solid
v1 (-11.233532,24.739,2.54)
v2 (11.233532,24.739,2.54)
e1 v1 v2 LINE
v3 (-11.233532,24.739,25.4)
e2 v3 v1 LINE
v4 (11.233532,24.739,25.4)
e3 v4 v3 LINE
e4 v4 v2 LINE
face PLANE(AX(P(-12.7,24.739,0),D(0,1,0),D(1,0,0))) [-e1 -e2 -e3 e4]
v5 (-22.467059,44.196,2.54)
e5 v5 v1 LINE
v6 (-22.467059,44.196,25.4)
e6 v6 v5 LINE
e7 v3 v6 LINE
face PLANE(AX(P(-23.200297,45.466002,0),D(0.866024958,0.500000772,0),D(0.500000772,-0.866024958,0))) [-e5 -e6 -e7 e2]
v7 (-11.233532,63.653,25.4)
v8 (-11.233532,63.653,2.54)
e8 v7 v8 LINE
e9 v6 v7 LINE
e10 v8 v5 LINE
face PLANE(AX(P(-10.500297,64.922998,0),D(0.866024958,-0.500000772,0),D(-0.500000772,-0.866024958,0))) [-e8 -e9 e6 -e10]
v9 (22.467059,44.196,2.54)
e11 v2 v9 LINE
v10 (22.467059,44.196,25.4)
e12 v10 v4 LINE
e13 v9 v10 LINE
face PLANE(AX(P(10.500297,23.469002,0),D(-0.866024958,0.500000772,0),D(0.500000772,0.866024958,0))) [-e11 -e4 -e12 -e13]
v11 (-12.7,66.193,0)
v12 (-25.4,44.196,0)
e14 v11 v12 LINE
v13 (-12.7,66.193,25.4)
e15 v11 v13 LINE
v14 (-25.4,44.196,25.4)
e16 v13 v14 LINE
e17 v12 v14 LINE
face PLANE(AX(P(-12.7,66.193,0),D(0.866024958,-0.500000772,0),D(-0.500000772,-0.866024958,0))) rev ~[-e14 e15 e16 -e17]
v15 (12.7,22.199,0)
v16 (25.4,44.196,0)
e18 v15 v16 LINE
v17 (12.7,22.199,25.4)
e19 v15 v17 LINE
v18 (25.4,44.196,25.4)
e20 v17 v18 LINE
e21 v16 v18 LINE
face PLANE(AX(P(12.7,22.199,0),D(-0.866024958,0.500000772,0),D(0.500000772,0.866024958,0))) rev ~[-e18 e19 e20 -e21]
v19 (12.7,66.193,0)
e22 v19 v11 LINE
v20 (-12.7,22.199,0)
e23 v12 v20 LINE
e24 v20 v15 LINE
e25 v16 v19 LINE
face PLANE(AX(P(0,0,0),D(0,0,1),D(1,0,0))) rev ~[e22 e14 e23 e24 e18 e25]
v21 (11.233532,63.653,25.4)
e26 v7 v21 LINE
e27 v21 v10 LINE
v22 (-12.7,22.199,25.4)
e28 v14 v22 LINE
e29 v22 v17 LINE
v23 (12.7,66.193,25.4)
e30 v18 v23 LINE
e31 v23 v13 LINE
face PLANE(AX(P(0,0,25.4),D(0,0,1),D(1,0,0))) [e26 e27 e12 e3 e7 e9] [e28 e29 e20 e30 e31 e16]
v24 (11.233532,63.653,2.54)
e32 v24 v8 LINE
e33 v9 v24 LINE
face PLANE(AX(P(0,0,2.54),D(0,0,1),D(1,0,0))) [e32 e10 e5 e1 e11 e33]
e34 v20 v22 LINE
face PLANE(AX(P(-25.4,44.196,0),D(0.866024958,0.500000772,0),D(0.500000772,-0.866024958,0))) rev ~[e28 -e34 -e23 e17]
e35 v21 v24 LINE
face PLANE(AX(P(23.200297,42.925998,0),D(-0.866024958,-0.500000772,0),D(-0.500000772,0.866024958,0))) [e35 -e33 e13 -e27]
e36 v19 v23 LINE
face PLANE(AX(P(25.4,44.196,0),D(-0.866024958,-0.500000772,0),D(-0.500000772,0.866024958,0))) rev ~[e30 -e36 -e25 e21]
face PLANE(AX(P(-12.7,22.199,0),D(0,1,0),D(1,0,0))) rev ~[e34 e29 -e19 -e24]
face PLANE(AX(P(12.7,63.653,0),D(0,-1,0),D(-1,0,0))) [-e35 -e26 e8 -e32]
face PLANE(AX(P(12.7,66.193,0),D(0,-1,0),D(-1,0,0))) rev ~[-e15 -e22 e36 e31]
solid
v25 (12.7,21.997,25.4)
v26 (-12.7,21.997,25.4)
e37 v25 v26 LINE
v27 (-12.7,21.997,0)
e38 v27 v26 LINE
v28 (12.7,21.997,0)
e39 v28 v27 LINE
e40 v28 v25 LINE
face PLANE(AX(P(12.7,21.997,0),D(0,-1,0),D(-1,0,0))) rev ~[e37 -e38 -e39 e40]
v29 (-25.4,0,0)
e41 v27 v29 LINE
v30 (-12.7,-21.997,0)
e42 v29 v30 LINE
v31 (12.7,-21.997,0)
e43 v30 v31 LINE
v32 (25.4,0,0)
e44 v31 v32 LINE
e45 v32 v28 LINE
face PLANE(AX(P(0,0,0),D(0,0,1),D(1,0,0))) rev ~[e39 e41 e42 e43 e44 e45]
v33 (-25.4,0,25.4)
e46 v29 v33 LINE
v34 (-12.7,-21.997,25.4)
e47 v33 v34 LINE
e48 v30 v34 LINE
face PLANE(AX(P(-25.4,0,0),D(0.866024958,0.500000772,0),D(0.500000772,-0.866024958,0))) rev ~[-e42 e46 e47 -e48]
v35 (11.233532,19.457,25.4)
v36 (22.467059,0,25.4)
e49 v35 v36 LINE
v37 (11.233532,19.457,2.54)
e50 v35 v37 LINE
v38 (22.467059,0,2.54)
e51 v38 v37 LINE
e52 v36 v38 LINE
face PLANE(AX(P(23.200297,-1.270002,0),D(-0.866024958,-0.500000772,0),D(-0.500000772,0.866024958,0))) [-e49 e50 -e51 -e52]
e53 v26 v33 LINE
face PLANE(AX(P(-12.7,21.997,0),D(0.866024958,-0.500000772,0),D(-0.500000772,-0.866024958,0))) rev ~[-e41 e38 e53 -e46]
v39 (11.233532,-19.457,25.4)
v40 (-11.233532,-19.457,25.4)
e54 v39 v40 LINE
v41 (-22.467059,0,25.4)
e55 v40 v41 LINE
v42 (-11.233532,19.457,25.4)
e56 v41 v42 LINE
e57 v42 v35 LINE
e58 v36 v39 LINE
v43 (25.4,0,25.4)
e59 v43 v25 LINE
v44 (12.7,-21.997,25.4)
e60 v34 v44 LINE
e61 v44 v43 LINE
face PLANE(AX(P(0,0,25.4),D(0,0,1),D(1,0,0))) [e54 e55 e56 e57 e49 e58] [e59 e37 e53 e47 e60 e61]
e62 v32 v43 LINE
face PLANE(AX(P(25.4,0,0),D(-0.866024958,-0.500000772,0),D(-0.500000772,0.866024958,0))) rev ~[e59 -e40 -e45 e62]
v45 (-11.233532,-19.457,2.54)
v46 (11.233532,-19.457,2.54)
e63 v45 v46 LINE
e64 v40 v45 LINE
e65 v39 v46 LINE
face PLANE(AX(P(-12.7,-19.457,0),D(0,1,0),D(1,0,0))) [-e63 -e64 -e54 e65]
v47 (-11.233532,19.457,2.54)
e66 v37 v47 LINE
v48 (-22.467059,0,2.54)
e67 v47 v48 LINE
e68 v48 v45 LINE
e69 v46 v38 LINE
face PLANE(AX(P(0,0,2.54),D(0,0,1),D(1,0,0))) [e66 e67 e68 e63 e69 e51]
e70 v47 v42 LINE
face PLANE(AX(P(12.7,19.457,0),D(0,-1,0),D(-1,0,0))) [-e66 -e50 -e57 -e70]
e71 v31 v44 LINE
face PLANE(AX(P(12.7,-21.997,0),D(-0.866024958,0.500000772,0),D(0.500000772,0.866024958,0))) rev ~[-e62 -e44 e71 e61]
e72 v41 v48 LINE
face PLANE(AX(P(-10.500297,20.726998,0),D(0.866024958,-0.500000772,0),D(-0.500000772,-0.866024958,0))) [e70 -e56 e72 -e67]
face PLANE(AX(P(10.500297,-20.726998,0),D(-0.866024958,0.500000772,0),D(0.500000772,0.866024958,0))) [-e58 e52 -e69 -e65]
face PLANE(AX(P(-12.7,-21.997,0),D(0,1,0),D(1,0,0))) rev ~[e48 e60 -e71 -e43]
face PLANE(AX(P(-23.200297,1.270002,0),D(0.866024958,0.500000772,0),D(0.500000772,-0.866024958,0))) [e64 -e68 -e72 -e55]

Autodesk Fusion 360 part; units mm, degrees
sketch "base" plane through (0, 0, 0) normal (0, 0, 1) x (1, 0, 0)
  line L0 (-12.7, 21.997) -> (-25.4, 0)
  line L1 (-25.4, 0) -> (-12.7, -21.997)
  line L2 (-12.7, -21.997) -> (12.7, -21.997)
  line L3 (12.7, -21.997) -> (25.4, 0)
  line L4 (25.4, 0) -> (12.7, 21.997)
  line L5 (12.7, 21.997) -> (-12.7, 21.997)
  line L6 (25.4, 44.196) -> (12.7, 66.193)
  line L7 (12.7, 66.193) -> (-12.7, 66.193)
  line L8 (12.7, 22.199) -> (25.4, 44.196)
  line L9 (-12.7, 22.199) -> (12.7, 22.199)
  line L10 (-12.7, 66.193) -> (-25.4, 44.196)
  line L11 (-25.4, 44.196) -> (-12.7, 22.199)
  point P0 (0, 44.196)
  dimension "d1" = 25.4
  dimension "d2" = 25.4
  dimension "d3" = 44.196
extrude "Extrude1" add sketch "base" along normal blind 25.4 makes body 1 at (-4.2333, -7.3323, 0) makes body 2 at (-8.4667, 44.196, 0)
shell "Shell1" thickness 2.54 removed faces 1 at (-4.2333, -7.3323, 25.4) on bodies 1
shell "Shell2" thickness 2.54 removed faces 1 at (-8.4667, 44.196, 25.4) on bodies 2
